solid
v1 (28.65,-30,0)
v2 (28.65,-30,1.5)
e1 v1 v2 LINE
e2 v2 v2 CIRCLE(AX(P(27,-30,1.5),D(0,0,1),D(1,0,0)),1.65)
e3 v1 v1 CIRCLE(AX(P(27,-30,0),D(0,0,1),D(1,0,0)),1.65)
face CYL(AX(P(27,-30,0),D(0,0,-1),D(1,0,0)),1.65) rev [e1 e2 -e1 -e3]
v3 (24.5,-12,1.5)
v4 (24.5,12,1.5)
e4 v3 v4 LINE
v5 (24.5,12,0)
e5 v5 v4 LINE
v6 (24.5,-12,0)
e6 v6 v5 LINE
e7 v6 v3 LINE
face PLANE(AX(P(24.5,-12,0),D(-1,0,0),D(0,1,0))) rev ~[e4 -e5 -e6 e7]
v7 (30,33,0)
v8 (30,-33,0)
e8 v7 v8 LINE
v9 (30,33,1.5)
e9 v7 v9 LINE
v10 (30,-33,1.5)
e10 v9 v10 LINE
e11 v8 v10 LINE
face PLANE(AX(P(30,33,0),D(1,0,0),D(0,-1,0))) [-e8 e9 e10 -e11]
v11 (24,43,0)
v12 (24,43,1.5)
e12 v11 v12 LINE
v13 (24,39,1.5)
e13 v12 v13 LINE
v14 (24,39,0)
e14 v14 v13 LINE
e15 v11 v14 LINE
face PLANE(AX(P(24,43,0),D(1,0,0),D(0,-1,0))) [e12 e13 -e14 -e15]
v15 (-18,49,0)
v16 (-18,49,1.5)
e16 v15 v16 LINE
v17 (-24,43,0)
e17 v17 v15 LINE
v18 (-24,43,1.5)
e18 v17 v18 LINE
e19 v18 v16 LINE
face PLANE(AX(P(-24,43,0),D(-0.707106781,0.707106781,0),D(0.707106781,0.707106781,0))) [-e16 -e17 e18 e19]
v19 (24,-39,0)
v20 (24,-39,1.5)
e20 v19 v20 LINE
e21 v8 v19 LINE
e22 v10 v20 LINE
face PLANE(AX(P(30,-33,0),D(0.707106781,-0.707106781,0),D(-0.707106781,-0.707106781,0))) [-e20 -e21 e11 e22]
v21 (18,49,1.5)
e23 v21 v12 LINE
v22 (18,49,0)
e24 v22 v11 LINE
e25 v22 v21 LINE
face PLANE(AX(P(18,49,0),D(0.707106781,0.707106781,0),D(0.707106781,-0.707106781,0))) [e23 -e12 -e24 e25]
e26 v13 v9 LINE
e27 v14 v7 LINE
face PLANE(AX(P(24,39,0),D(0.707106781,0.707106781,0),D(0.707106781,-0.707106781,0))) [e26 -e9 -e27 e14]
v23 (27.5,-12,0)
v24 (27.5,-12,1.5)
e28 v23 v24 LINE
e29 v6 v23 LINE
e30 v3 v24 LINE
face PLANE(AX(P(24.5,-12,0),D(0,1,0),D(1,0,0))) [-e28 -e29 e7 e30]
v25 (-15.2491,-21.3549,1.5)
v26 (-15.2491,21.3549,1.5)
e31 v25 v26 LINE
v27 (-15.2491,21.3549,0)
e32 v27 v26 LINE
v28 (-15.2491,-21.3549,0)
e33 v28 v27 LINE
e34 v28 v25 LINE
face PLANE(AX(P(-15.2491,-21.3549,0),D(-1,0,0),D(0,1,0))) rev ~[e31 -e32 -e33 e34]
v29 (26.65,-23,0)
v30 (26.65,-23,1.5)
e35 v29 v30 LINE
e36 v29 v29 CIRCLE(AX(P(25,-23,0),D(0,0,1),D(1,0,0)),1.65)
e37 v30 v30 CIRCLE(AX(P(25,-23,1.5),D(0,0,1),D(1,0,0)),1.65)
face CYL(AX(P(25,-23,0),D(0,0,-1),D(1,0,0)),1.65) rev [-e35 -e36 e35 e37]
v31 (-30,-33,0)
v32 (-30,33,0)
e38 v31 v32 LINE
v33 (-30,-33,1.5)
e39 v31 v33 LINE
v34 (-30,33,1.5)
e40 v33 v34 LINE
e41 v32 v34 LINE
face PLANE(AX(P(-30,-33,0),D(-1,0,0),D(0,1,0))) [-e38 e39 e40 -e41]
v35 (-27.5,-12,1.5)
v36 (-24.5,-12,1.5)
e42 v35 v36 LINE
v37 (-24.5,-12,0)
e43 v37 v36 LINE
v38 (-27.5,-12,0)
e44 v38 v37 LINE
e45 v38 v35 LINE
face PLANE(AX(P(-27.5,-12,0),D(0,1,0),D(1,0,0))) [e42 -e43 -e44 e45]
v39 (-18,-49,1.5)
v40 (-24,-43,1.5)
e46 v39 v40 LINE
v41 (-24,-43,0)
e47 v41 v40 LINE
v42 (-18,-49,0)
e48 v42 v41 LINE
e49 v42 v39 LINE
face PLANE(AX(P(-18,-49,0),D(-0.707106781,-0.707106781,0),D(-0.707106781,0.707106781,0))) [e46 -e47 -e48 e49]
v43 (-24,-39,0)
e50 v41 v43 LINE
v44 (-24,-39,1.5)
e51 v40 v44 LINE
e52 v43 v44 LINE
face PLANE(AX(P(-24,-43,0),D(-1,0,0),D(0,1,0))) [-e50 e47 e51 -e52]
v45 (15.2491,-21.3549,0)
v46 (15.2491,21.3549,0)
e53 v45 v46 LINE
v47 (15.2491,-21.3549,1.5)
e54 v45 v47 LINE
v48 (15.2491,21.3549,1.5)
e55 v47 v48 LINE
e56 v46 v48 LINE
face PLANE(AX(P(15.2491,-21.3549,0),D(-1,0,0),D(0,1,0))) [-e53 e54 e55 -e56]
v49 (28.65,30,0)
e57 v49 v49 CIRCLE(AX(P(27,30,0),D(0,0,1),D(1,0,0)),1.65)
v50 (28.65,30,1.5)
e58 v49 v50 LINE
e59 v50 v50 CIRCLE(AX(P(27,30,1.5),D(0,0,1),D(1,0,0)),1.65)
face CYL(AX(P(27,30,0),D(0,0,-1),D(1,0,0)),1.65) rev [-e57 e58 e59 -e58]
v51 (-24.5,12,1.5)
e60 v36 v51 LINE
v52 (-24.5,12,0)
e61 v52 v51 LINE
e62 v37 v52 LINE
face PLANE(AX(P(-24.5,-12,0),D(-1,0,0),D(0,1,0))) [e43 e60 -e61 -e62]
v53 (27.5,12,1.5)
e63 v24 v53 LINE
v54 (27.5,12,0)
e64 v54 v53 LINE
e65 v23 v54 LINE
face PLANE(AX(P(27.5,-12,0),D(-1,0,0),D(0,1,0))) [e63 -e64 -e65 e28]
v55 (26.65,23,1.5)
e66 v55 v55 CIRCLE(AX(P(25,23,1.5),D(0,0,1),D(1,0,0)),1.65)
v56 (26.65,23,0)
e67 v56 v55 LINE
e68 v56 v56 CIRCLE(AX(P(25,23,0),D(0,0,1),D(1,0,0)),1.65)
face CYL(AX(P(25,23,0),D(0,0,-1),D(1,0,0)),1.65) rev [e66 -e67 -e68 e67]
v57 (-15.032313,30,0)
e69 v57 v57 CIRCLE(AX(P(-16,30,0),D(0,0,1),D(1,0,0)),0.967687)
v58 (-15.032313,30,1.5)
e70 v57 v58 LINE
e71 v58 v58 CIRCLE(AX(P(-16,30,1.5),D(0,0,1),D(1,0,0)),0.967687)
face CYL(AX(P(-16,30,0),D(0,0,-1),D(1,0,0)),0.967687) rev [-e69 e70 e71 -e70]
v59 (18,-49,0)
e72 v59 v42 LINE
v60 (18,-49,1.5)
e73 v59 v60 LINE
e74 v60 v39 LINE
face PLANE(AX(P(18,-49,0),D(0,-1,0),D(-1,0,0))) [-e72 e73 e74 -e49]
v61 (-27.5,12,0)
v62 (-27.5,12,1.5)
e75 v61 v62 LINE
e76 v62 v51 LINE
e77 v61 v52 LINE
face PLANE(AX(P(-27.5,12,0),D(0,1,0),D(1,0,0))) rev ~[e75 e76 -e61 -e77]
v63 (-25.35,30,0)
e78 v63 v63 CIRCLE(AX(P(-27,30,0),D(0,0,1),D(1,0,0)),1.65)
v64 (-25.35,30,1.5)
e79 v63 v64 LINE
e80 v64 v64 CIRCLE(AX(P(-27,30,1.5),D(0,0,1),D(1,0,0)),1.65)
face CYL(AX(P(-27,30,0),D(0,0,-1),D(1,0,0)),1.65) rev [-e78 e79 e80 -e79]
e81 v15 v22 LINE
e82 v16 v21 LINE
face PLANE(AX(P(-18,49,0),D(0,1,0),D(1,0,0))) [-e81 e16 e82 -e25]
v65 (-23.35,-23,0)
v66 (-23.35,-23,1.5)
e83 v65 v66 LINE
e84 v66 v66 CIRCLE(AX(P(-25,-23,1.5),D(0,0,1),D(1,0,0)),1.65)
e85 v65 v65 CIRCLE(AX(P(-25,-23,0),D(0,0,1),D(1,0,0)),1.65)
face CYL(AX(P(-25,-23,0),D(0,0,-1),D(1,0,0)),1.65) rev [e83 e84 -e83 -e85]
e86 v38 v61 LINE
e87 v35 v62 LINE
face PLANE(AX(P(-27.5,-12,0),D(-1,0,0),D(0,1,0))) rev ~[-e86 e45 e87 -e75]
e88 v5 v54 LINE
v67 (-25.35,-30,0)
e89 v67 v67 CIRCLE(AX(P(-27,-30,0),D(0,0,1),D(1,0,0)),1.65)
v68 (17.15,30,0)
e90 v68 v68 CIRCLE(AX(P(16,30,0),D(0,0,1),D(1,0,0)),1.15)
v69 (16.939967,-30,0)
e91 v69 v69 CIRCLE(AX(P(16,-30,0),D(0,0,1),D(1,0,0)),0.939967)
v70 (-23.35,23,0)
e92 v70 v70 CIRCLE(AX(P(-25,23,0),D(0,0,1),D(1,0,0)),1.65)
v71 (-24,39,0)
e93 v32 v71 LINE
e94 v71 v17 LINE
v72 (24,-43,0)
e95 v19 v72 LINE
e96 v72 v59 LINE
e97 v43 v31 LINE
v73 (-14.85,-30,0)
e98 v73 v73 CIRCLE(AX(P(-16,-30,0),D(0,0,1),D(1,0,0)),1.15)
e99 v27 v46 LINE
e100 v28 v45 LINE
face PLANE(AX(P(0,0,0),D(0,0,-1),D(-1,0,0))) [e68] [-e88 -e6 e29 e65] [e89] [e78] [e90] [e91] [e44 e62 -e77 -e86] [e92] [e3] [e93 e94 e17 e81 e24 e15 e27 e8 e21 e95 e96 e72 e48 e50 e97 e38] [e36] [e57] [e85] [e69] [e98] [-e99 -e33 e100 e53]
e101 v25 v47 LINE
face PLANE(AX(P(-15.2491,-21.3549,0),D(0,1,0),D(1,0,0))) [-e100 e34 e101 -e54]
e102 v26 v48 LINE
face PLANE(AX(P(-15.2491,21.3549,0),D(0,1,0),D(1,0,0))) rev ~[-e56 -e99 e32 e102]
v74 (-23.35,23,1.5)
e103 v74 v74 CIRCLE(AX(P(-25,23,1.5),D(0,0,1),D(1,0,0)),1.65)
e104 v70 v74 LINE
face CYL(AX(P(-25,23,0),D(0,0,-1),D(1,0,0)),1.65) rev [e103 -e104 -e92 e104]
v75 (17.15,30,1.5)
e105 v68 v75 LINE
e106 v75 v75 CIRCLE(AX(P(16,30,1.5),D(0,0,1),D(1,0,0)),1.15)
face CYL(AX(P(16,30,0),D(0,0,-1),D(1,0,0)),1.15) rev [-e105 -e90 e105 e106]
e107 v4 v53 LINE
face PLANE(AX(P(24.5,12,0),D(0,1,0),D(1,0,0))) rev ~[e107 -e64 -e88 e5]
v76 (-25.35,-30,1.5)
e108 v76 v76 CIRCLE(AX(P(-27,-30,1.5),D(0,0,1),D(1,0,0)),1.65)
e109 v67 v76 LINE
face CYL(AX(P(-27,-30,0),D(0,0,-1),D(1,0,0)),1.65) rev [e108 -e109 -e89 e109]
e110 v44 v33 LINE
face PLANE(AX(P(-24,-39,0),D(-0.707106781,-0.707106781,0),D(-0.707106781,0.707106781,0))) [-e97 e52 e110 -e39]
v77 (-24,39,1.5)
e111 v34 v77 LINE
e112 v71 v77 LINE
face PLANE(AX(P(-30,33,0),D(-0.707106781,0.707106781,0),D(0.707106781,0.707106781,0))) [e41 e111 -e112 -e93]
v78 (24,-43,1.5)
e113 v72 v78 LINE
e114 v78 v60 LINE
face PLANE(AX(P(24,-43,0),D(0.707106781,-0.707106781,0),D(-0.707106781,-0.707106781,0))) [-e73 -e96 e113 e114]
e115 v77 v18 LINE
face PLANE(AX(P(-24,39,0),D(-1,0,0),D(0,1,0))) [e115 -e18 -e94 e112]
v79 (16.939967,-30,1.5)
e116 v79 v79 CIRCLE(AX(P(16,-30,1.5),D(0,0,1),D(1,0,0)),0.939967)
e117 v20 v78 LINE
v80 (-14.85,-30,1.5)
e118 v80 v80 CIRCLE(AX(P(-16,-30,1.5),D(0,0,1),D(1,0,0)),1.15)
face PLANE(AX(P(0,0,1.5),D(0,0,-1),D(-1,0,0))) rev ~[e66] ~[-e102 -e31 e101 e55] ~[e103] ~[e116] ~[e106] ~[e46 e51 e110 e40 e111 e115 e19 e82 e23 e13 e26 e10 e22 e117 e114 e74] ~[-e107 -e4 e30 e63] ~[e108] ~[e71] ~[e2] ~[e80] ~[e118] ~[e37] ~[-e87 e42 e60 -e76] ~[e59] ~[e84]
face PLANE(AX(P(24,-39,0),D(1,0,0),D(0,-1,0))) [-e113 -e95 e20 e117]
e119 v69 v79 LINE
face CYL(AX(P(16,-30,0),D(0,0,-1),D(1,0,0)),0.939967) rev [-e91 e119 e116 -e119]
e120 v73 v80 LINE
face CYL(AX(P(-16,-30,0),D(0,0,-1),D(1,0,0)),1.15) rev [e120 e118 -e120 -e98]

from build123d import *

# Parameters (mm, degrees)
SKETCH_1_R            = 1.15
SKETCH_1_R_2          = 0.939967297
SKETCH_1_R_3          = 0.967686678
SKETCH_1_R_4          = 1.65
SKETCH_1_W            = 30.4982
SKETCH_1_H            = 42.7098
SKETCH_1_W_2          = 3
SKETCH_1_H_2          = 24
PIXHAWK_M3_DEPTH      = 1.5
SKETCH_2_R            = 1.65
CUT_EXTRUDE_515_DEPTH = 1.5


with BuildPart() as part:
    # 草图1 → Pixhawk正装减振托板_绑带槽_四M3孔 (new body)
    with BuildSketch(Plane.XY):
        Polygon((24, -39), (24, -43), (18, -49), (-18, -49), (-24, -43), (-24, -39), (-30, -33), (-30, 33), (-24, 39), (-24, 43), (-18, 49), (18, 49), (24, 43), (24, 39), (30, 33), (30, -33), align=None)
        with Locations((16, 30)):
            Circle(SKETCH_1_R, mode=Mode.SUBTRACT)
        with Locations((-16, -30)):
            Circle(SKETCH_1_R, mode=Mode.SUBTRACT)
        with Locations((16, -30)):
            Circle(SKETCH_1_R_2, mode=Mode.SUBTRACT)
        with Locations((-16, 30)):
            Circle(SKETCH_1_R_3, mode=Mode.SUBTRACT)
        with Locations((-27, -30)):
            Circle(SKETCH_1_R_4, mode=Mode.SUBTRACT)
        with Locations((-27, 30)):
            Circle(SKETCH_1_R_4, mode=Mode.SUBTRACT)
        with Locations((27, -30)):
            Circle(SKETCH_1_R_4, mode=Mode.SUBTRACT)
        with Locations((27, 30)):
            Circle(SKETCH_1_R_4, mode=Mode.SUBTRACT)
        Rectangle(SKETCH_1_W, SKETCH_1_H, mode=Mode.SUBTRACT)
        with Locations((-26, 0)):
            Rectangle(SKETCH_1_W_2, SKETCH_1_H_2, mode=Mode.SUBTRACT)
        with Locations((26, 0)):
            Rectangle(SKETCH_1_W_2, SKETCH_1_H_2, mode=Mode.SUBTRACT)
    extrude(amount=PIXHAWK_M3_DEPTH)

    # 草图2 → Cut-Extrude 515 (cut)
    with BuildSketch(Plane.XY):
        with Locations((-25, -23)):
            Circle(SKETCH_2_R)
        with Locations((-25, 23)):
            Circle(SKETCH_2_R)
        with Locations((25, -23)):
            Circle(SKETCH_2_R)
        with Locations((25, 23)):
            Circle(SKETCH_2_R)
    extrude(amount=CUT_EXTRUDE_515_DEPTH, mode=Mode.SUBTRACT)


solid = part.part
